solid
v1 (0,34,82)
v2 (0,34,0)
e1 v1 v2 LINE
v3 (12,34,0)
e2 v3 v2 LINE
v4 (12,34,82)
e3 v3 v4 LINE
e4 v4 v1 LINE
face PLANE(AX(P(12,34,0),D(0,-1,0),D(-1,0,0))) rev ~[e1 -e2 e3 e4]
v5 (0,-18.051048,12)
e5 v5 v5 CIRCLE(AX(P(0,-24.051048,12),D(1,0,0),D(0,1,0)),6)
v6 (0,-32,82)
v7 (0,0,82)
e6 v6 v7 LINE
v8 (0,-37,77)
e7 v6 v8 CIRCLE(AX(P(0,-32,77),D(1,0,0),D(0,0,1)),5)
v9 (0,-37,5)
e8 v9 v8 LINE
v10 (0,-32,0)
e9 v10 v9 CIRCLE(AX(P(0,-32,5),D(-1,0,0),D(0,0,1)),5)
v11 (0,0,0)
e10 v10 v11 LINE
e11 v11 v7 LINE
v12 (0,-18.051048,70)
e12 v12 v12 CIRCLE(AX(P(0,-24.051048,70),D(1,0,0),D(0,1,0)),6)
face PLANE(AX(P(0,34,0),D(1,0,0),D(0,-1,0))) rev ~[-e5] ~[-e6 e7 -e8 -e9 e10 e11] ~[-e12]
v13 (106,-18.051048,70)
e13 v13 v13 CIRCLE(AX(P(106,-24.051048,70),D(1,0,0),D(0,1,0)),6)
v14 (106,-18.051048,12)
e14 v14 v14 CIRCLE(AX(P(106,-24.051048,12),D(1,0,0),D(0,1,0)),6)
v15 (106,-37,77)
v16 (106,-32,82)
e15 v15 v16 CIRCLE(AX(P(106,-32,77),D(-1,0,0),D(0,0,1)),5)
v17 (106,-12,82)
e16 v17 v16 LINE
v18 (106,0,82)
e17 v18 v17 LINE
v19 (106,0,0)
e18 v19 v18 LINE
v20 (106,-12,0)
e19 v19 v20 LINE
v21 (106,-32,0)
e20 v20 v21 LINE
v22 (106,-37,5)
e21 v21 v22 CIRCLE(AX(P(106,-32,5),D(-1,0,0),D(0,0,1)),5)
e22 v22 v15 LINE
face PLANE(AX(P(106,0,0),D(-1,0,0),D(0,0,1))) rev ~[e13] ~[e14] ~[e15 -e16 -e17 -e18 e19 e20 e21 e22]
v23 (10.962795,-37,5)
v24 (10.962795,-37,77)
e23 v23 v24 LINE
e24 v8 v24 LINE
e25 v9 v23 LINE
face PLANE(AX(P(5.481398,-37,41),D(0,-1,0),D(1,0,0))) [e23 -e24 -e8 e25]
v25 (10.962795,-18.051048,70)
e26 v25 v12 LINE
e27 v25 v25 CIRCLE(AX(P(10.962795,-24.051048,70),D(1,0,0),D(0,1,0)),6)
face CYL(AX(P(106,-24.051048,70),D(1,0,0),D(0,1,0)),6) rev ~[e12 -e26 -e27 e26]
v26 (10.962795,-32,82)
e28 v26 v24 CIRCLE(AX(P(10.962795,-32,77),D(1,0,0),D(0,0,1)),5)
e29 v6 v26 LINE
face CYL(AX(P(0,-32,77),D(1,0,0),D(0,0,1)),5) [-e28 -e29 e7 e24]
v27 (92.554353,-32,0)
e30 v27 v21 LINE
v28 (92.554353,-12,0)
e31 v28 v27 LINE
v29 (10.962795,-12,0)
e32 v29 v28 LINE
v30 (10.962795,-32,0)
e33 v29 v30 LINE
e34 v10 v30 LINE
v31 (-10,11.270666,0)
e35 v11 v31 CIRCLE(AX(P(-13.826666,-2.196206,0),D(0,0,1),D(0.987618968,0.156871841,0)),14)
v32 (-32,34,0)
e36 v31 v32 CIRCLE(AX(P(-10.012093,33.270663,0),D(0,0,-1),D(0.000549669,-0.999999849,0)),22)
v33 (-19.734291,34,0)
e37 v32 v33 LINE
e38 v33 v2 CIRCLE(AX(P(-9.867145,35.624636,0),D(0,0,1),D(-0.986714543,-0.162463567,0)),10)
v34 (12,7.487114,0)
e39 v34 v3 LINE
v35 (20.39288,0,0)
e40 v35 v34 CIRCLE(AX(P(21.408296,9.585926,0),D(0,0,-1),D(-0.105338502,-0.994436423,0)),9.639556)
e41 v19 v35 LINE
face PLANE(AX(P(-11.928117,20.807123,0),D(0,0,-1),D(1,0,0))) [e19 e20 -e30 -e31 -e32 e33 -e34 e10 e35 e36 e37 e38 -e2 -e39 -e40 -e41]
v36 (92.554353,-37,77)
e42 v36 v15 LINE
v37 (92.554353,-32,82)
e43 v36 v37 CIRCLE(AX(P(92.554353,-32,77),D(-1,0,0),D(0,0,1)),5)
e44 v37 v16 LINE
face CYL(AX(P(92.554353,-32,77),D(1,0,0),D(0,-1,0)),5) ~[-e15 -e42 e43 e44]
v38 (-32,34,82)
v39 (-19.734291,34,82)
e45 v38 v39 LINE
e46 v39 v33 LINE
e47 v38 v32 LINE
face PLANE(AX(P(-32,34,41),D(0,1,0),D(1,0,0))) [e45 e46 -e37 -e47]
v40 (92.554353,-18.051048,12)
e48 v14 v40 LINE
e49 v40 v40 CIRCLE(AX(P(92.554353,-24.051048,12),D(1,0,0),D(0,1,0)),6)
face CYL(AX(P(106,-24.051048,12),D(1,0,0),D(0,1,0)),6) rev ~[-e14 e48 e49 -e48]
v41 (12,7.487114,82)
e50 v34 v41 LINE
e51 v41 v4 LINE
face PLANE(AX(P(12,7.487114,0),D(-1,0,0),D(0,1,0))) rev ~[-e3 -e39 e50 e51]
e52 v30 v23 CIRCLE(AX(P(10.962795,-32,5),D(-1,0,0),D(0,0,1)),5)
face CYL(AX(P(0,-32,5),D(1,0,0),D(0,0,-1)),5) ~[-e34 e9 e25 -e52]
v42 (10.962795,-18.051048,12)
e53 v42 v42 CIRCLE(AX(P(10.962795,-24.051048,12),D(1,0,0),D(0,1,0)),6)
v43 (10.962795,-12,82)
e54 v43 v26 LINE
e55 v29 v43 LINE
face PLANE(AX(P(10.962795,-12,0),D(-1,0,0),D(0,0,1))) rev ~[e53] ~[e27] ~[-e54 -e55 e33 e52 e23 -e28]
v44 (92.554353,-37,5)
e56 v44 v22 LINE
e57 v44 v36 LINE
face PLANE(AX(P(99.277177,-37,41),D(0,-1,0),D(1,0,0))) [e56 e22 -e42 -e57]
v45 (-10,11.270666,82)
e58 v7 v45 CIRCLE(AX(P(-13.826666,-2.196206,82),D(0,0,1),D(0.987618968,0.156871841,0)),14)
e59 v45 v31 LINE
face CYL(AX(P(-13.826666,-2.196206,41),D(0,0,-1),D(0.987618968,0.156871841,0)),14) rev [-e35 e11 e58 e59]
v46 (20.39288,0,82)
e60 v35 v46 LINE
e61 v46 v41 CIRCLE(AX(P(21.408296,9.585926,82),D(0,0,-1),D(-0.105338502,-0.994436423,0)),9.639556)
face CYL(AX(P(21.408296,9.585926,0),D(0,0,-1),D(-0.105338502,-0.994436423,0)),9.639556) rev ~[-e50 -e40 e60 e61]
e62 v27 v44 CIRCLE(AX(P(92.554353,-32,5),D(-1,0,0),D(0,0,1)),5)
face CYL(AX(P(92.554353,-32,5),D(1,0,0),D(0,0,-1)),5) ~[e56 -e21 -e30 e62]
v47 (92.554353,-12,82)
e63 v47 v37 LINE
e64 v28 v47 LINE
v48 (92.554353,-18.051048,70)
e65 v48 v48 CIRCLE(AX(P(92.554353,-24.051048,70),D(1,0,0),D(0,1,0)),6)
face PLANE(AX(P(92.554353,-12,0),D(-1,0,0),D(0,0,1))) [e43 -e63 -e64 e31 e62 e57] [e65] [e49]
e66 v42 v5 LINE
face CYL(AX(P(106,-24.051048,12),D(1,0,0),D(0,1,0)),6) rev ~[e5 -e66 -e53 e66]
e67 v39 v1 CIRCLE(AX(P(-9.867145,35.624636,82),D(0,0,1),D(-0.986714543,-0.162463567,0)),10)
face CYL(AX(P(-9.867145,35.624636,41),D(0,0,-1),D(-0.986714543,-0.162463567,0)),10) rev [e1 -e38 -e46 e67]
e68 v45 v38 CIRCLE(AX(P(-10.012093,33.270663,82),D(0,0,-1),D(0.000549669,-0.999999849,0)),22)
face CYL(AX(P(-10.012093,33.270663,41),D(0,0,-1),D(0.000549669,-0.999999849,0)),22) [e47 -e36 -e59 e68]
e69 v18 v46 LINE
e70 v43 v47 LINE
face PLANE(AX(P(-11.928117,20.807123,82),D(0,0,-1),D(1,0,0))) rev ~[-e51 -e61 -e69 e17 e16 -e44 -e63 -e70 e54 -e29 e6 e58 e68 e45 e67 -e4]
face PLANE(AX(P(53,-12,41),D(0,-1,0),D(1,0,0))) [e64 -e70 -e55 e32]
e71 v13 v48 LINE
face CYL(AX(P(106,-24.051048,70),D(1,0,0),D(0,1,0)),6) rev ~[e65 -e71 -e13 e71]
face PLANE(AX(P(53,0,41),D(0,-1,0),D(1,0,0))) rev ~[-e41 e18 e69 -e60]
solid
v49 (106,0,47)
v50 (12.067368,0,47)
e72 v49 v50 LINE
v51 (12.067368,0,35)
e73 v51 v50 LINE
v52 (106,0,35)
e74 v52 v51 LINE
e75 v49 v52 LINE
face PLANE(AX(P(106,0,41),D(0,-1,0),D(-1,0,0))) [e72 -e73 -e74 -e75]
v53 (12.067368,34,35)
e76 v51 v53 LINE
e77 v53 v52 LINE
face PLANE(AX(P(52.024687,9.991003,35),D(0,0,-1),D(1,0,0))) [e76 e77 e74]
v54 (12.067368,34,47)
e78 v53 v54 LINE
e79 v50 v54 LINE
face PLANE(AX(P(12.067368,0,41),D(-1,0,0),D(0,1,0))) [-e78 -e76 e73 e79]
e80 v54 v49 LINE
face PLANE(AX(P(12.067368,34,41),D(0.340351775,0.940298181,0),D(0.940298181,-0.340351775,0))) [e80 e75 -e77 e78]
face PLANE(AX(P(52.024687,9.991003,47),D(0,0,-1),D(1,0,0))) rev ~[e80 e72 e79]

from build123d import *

# Parameters (mm, degrees)
F0_W           = 106
F0_H           = 82
F1_DEPTH       = 12
F2_W           = 10.9627954662
F2_H           = 82
F2_W_2         = 13.4456468225
F3_DEPTH       = 25
F4_R           = 5
F7_DEPTH       = 6
F7_DEPTH_BACK  = 6
F8_R           = 6
F9_DEPTH       = 130
F11_DEPTH      = 82
F12_DEPTH      = 25
F14_DEPTH      = 41
F14_DEPTH_BACK = 41


with BuildPart() as f1:
    # F0 (on Front) → F1 (new body)
    with BuildSketch(Plane.XZ):
        with Locations((53, 41)):
            Rectangle(F0_W, F0_H)
    extrude(amount=F1_DEPTH)

    # F2 (on face) → F3 (join)
    with BuildSketch(Plane.XZ.offset(12)):
        with Locations((5.4813977331, 41)):
            Rectangle(F2_W, F2_H)
        with Locations((99.2771765888, 41)):
            Rectangle(F2_W_2, F2_H)
    extrude(amount=F3_DEPTH)

    # F4
    f4_edges = [f1.edges().sort_by_distance(p)[0] for p in [
        (99.277177, -37, 0),
        (99.277177, -37, 82),
        (5.481398, -37, 82),
        (5.481398, -37, 0),
    ]]
    fillet(f4_edges, radius=F4_R)

    # F8 (on face) → F9 (cut)
    with BuildSketch(Plane.YZ.offset(106)):
        with Locations((-24.0510478616, 12)):
            Circle(F8_R)
        with Locations((-24.0510478616, 70)):
            Circle(F8_R)
    extrude(amount=-F9_DEPTH, mode=Mode.SUBTRACT)



with BuildPart() as f7:
    # F6 (on mid) → F7 (new body, two sides)
    with BuildSketch(Plane(origin=(0, 0, 41), x_dir=(1, 0, 0), z_dir=(0, 0, -1))) as f7_sk:
        Polygon((12.0673676431, -34), (106, 0), (12.0673676431, 0), align=None)
    extrude(amount=F7_DEPTH)
    extrude(f7_sk.sketch, amount=-F7_DEPTH_BACK)


with BuildPart() as f11:
    # F10 (on Top) → F11 (new body)
    with BuildSketch(Plane.XY):
        with BuildLine():
            Line((22.4237125367, 0), (20.3928796507, 0))
            ThreePointArc((20.3928796507, 0), (21.4082960937, -0.0536304121), (22.4237125367, 0))
        make_face()
        Polygon((0, 34), (0, 0), (12, 0), (12, 7.4871135876), (12, 34), align=None)
        with BuildLine():
            Line((12, 7.4871135876), (12, 0))
            Line((12, 0), (20.3928796507, 0))
            ThreePointArc((20.3928796507, 0), (14.9913136852, 2.3926385074), (12, 7.4871135876))
        make_face()
    extrude(amount=F11_DEPTH)


with BuildPart() as f1_1:
    add(f1.part)

    add(f11.part)  # F12 merges F11
    # F10 (on Top) → F12 (join)
    with BuildSketch(Plane.XY):
        with BuildLine():
            Line((22.4237125367, 0), (20.3928796507, 0))
            ThreePointArc((20.3928796507, 0), (21.4082960937, -0.0536304121), (22.4237125367, 0))
        make_face()
        Polygon((0, 34), (0, 0), (12, 0), (12, 7.4871135876), (12, 34), align=None)
        with BuildLine():
            Line((12, 7.4871135876), (12, 0))
            Line((12, 0), (20.3928796507, 0))
            ThreePointArc((20.3928796507, 0), (14.9913136852, 2.3926385074), (12, 7.4871135876))
        make_face()
    extrude(amount=F12_DEPTH)

    # F13 (on mid) → F14 (join, two sides)
    with BuildSketch(Plane(origin=(0, 0, 41), x_dir=(1, 0, 0), z_dir=(0, 0, -1))) as f14_sk:
        with BuildLine():
            ThreePointArc((0, 0), (-3.3544641669, -7.0953494382), (-10, -11.270665832))
            ThreePointArc((-10, -11.270665832), (-25.8199946765, -17.9700012306), (-32, -34))
            Line((-32, -34), (-19.7342908604, -34))
            ThreePointArc((-19.7342908604, -34), (-9.8671454302, -25.6246356698), (0, -34))
            Line((0, -34), (0, 0))
        make_face()
    extrude(amount=F14_DEPTH)
    extrude(f14_sk.sketch, amount=-F14_DEPTH_BACK)


solid = Compound([f7.part, f1_1.part])
